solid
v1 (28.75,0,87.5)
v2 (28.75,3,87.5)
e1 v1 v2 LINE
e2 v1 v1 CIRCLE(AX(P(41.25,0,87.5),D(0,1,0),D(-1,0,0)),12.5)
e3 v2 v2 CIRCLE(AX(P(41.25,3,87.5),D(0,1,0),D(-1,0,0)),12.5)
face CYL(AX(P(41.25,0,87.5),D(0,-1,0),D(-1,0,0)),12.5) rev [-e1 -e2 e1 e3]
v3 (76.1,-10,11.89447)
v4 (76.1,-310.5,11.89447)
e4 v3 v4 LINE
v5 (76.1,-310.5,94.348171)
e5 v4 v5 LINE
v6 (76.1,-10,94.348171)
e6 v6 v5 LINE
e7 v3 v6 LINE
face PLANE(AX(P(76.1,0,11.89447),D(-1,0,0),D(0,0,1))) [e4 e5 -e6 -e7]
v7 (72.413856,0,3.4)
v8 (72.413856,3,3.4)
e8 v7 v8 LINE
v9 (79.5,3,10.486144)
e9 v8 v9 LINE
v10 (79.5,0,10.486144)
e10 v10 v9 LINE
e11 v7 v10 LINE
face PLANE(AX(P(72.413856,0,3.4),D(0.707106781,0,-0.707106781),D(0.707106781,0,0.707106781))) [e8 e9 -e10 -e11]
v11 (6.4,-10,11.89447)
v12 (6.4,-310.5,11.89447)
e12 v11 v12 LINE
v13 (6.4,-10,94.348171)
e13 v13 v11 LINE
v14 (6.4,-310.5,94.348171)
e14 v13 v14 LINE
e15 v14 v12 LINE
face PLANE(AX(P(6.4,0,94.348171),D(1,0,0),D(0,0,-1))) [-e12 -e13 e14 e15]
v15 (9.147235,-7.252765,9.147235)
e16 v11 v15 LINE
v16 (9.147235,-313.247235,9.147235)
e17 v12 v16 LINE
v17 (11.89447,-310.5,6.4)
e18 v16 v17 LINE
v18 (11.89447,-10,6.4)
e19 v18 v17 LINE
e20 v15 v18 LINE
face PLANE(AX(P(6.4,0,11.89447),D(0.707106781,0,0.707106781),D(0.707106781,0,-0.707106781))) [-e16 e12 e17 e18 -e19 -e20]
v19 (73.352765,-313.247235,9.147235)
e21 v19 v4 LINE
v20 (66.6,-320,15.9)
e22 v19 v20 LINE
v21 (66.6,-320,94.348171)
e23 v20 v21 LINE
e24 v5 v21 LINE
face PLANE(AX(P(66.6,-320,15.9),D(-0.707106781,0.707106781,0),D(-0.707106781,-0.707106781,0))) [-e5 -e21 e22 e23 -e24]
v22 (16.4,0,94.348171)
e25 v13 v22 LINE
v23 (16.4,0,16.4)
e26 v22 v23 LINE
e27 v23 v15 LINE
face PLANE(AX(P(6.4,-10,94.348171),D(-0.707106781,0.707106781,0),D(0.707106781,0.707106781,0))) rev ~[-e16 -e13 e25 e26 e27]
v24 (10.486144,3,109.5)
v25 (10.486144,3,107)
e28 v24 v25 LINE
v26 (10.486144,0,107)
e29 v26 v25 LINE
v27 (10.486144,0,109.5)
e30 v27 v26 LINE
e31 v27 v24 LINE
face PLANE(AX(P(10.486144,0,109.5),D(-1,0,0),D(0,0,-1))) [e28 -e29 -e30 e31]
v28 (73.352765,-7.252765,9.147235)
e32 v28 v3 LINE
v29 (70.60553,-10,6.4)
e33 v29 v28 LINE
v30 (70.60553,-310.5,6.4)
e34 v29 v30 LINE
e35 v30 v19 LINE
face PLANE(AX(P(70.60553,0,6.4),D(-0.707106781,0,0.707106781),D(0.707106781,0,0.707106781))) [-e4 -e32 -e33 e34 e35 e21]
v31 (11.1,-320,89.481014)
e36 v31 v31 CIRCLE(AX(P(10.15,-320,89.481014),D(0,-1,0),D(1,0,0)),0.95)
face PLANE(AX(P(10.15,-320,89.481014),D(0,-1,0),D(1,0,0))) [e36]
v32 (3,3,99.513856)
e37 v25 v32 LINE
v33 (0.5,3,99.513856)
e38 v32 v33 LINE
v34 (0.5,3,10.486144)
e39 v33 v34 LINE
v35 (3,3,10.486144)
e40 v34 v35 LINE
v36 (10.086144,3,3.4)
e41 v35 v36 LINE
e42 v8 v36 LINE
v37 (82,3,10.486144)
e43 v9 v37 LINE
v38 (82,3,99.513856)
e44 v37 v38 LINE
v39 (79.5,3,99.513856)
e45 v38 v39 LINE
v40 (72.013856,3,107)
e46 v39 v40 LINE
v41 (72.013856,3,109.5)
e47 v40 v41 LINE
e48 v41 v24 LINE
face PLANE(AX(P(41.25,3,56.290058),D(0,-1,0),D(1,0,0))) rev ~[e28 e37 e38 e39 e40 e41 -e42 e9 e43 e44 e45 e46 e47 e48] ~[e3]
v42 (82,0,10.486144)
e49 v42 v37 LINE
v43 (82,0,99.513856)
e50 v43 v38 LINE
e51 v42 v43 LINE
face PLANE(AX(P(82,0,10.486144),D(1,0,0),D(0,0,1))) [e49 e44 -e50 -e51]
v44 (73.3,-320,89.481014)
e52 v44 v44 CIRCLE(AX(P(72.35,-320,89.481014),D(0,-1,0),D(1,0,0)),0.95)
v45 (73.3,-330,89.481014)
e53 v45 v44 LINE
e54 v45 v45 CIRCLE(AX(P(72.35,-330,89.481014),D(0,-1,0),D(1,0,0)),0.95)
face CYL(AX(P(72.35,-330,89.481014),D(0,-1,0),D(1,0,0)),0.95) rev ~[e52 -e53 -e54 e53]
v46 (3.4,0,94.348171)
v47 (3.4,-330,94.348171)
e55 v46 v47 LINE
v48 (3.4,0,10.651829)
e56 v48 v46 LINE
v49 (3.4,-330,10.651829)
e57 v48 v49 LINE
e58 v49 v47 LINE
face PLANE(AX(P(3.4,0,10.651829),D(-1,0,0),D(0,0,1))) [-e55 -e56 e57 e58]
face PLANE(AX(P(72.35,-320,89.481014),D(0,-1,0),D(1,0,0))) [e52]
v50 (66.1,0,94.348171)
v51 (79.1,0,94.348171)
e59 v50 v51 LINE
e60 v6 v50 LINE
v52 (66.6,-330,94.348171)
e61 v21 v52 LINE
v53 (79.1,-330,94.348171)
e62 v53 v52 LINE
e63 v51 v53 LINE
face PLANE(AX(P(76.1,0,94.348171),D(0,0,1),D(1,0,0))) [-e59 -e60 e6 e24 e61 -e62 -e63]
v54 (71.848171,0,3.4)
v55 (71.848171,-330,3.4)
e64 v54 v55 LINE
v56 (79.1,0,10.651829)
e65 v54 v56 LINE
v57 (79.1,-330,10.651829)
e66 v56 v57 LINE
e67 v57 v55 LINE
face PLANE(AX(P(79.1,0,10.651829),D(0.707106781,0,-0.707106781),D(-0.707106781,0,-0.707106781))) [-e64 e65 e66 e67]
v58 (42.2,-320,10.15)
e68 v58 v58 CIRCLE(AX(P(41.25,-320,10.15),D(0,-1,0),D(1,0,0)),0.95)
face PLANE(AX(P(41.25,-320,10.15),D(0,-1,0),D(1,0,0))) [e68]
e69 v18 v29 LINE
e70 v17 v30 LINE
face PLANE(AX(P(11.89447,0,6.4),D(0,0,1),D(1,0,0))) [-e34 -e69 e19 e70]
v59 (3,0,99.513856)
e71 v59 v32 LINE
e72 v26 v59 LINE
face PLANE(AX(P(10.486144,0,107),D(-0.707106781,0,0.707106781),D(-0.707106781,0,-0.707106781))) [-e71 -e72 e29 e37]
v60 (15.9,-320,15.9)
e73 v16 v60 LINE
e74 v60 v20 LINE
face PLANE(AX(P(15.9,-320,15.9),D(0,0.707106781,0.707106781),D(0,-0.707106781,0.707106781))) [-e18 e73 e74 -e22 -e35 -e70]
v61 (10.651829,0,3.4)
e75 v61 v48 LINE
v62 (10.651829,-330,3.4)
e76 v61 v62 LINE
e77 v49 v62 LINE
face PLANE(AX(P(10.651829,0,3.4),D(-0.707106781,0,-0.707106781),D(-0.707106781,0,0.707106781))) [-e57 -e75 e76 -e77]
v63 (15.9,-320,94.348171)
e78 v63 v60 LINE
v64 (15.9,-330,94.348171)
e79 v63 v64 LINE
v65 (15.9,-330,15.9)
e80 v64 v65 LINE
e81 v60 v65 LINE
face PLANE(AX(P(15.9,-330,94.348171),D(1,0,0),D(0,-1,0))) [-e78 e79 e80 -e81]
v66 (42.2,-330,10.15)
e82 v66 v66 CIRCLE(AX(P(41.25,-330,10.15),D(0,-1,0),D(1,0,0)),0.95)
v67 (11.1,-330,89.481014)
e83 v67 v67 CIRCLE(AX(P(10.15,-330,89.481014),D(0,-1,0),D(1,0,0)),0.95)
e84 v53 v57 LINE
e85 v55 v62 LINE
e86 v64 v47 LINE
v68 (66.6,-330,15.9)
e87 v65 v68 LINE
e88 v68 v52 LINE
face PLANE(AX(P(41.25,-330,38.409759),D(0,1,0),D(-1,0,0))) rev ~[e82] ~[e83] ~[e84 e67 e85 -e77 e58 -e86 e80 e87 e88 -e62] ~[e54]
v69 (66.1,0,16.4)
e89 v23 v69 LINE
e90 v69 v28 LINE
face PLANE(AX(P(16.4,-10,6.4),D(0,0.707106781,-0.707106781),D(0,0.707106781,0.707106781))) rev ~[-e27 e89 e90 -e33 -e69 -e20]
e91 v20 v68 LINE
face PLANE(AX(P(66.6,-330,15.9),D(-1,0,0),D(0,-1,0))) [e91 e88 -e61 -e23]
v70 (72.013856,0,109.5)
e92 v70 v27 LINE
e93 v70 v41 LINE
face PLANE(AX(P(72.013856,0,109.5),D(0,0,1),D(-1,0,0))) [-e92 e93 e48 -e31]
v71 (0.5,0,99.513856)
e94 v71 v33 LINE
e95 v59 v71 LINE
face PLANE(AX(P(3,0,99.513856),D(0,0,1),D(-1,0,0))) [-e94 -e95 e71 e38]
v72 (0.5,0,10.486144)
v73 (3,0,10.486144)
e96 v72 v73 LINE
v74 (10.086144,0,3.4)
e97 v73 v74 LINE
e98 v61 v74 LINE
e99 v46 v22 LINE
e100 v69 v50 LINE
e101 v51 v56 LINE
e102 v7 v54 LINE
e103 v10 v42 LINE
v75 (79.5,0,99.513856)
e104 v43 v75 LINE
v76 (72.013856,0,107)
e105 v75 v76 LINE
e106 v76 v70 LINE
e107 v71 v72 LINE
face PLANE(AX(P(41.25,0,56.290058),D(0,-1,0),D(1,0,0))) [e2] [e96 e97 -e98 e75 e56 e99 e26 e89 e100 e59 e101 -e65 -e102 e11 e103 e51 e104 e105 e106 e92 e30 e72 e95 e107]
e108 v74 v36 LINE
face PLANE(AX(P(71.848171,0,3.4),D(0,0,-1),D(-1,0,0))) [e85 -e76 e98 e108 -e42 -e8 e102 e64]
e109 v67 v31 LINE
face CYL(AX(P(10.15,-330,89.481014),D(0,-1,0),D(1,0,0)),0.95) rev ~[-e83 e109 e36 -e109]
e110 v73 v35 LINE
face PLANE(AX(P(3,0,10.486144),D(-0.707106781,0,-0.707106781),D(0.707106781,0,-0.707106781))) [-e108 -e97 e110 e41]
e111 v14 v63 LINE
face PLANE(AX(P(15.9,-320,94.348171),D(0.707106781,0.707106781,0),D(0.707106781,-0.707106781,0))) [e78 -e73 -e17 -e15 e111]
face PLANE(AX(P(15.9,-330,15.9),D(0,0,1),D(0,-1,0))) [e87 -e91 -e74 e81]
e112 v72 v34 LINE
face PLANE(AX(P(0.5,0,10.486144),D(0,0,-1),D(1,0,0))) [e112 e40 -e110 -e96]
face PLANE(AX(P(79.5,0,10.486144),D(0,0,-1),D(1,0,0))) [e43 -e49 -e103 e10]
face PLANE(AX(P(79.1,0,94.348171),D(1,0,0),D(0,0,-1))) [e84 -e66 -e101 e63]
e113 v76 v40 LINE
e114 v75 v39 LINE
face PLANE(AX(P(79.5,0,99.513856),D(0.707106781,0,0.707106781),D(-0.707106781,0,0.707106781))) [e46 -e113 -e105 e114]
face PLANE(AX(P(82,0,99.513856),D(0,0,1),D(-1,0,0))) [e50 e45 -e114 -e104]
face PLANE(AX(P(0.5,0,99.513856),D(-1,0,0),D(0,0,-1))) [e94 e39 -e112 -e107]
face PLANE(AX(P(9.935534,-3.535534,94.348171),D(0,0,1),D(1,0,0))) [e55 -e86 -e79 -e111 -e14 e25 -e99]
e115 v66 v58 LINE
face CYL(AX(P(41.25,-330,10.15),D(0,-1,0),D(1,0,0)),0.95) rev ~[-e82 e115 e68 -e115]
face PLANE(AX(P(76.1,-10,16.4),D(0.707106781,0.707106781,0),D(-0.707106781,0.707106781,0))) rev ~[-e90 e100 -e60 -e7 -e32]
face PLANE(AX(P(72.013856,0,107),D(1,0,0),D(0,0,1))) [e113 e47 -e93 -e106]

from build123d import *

# Parameters (mm, degrees)
SKETCH010_R      = 0.95
EXTRUDE011_DEPTH = 10
EXTRUDE012_DEPTH = 50
SKETCH002_R      = 12.5
EXTRUDE002_DEPTH = 3
EXTRUDE001_DEPTH = 330
EXTRUDE013_DEPTH = 50


with BuildPart() as back_holes_e:
    # Sketch010 → Extrude011 (new body)
    with BuildSketch(Plane.XZ.offset(330)):
        with Locations((10.15, 89.481014)):
            Circle(SKETCH010_R)
        with Locations((72.35, 89.481014)):
            Circle(SKETCH010_R)
        with Locations((41.25, 10.15)):
            Circle(SKETCH010_R)
    extrude(amount=-EXTRUDE011_DEPTH)


with BuildPart() as drawer_back_support_negative_e:
    # Sketch014 (on Face14 of Extrude001) → Extrude012 (new body)
    with BuildSketch(Plane.XZ.offset(330)):
        Polygon((71.848171, 3.4), (79.1, 10.651829), (82.5, 10.651829), (82.5, 0), (0, 0), (0, 10.651829), (3.4, 10.651829), (10.651829, 3.4), align=None)
    extrude(amount=-EXTRUDE012_DEPTH)


with BuildPart() as drawer_back_support001:
    # Sweep: sweep along a path in Sketch012
    with BuildLine(Plane.XZ.offset(330)) as sweep_path:
        Line((15.9, 94.348171), (15.9, 15.9))
        Line((15.9, 15.9), (66.6, 15.9))
        Line((66.6, 15.9), (66.6, 94.348171))
    # Sketch009 (on Edge32 of Extrude001) → Sweep (sweep)
    with BuildSketch(Plane(origin=(52.866667, -110, 94.348171), x_dir=(-1, 0, 0), z_dir=(0, 0, -1))):
        Polygon((46.466667, -220), (36.966667, -220), (36.966667, -210), (46.466667, -200.5), align=None)
    sweep(path=sweep_path.line, is_frenet=True, transition=Transition.RIGHT)

    # Cut: cut drawer_back_support_negative_e
    add(drawer_back_support_negative_e.part, mode=Mode.SUBTRACT)

    # Cut002: cut back_holes_e
    add(back_holes_e.part, mode=Mode.SUBTRACT)


with BuildPart() as drawer_front_e:
    # Sketch002 (on Face13 of Extrude001) → Extrude002 (new body)
    with BuildSketch(Plane(origin=(0, 0, 0), x_dir=(-1, 0, 0), z_dir=(0, 1, 0))):
        Polygon((-82, 99.513856), (-79.5, 99.513856), (-72.013856, 107), (-72.013856, 109.5), (-10.486144, 109.5), (-10.486144, 107), (-3, 99.513856), (-0.5, 99.513856), (-0.5, 10.486144), (-3, 10.486144), (-10.086144, 3.4), (-10.651829, 3.4), (-71.848171, 3.4), (-72.413856, 3.4), (-79.5, 10.486144), (-82, 10.486144), align=None)
        with Locations((-41.25, 87.5)):
            Circle(SKETCH002_R, mode=Mode.SUBTRACT)
    extrude(amount=EXTRUDE002_DEPTH)


with BuildPart() as drawer_tube_e:
    # Sketch (on Face17 of Extrude) → Extrude001 (new body)
    with BuildSketch(Plane(origin=(0, 0, 0), x_dir=(-1, 0, 0), z_dir=(0, 1, 0))):
        Polygon((-79.1, 10.651829), (-71.848171, 3.4), (-10.651829, 3.4), (-3.4, 10.651829), (-3.4, 94.348171), (-6.4, 94.348171), (-6.4, 11.89447), (-11.89447, 6.4), (-70.60553, 6.4), (-76.1, 11.89447), (-76.1, 94.348171), (-79.1, 94.348171), align=None)
    extrude(amount=-EXTRUDE001_DEPTH)


with BuildPart() as drawer_front_support_negative_e:
    # Sketch015 (on Face13 of Extrude001) → Extrude013 (new body)
    with BuildSketch(Plane(origin=(0, 0, 0), x_dir=(-1, 0, 0), z_dir=(0, 1, 0))):
        Polygon((-3.4, 10.651829), (0, 10.651829), (0, 0), (-82.5, 0), (-82.5, 10.651829), (-79.1, 10.651829), (-71.848171, 3.4), (-10.651829, 3.4), align=None)
    extrude(amount=-EXTRUDE013_DEPTH)


with BuildPart() as drawer_inside:
    # Sweep001: sweep along a path in Sketch013
    with BuildLine(Plane.XZ) as sweep001_path:
        Line((16.4, 94.348171), (16.4, 16.4))
        Line((16.4, 16.4), (66.1, 16.4))
        Line((66.1, 16.4), (66.1, 94.348171))
    # Sketch011 (on Face6 of Extrude001) → Sweep001 (sweep)
    with BuildSketch(Plane.XY.offset(94.348171)):
        Polygon((6.4, 0), (6.4, -10), (16.4, 0), align=None)
    sweep(path=sweep001_path.line, is_frenet=True, transition=Transition.RIGHT)

    # Cut001: cut drawer_front_support_negative_e
    add(drawer_front_support_negative_e.part, mode=Mode.SUBTRACT)

    # Fusion: union drawer_back_support001, drawer_front_e, drawer_tube_e
    add(drawer_back_support001.part)
    add(drawer_front_e.part)
    add(drawer_tube_e.part)


solid = drawer_inside.part
